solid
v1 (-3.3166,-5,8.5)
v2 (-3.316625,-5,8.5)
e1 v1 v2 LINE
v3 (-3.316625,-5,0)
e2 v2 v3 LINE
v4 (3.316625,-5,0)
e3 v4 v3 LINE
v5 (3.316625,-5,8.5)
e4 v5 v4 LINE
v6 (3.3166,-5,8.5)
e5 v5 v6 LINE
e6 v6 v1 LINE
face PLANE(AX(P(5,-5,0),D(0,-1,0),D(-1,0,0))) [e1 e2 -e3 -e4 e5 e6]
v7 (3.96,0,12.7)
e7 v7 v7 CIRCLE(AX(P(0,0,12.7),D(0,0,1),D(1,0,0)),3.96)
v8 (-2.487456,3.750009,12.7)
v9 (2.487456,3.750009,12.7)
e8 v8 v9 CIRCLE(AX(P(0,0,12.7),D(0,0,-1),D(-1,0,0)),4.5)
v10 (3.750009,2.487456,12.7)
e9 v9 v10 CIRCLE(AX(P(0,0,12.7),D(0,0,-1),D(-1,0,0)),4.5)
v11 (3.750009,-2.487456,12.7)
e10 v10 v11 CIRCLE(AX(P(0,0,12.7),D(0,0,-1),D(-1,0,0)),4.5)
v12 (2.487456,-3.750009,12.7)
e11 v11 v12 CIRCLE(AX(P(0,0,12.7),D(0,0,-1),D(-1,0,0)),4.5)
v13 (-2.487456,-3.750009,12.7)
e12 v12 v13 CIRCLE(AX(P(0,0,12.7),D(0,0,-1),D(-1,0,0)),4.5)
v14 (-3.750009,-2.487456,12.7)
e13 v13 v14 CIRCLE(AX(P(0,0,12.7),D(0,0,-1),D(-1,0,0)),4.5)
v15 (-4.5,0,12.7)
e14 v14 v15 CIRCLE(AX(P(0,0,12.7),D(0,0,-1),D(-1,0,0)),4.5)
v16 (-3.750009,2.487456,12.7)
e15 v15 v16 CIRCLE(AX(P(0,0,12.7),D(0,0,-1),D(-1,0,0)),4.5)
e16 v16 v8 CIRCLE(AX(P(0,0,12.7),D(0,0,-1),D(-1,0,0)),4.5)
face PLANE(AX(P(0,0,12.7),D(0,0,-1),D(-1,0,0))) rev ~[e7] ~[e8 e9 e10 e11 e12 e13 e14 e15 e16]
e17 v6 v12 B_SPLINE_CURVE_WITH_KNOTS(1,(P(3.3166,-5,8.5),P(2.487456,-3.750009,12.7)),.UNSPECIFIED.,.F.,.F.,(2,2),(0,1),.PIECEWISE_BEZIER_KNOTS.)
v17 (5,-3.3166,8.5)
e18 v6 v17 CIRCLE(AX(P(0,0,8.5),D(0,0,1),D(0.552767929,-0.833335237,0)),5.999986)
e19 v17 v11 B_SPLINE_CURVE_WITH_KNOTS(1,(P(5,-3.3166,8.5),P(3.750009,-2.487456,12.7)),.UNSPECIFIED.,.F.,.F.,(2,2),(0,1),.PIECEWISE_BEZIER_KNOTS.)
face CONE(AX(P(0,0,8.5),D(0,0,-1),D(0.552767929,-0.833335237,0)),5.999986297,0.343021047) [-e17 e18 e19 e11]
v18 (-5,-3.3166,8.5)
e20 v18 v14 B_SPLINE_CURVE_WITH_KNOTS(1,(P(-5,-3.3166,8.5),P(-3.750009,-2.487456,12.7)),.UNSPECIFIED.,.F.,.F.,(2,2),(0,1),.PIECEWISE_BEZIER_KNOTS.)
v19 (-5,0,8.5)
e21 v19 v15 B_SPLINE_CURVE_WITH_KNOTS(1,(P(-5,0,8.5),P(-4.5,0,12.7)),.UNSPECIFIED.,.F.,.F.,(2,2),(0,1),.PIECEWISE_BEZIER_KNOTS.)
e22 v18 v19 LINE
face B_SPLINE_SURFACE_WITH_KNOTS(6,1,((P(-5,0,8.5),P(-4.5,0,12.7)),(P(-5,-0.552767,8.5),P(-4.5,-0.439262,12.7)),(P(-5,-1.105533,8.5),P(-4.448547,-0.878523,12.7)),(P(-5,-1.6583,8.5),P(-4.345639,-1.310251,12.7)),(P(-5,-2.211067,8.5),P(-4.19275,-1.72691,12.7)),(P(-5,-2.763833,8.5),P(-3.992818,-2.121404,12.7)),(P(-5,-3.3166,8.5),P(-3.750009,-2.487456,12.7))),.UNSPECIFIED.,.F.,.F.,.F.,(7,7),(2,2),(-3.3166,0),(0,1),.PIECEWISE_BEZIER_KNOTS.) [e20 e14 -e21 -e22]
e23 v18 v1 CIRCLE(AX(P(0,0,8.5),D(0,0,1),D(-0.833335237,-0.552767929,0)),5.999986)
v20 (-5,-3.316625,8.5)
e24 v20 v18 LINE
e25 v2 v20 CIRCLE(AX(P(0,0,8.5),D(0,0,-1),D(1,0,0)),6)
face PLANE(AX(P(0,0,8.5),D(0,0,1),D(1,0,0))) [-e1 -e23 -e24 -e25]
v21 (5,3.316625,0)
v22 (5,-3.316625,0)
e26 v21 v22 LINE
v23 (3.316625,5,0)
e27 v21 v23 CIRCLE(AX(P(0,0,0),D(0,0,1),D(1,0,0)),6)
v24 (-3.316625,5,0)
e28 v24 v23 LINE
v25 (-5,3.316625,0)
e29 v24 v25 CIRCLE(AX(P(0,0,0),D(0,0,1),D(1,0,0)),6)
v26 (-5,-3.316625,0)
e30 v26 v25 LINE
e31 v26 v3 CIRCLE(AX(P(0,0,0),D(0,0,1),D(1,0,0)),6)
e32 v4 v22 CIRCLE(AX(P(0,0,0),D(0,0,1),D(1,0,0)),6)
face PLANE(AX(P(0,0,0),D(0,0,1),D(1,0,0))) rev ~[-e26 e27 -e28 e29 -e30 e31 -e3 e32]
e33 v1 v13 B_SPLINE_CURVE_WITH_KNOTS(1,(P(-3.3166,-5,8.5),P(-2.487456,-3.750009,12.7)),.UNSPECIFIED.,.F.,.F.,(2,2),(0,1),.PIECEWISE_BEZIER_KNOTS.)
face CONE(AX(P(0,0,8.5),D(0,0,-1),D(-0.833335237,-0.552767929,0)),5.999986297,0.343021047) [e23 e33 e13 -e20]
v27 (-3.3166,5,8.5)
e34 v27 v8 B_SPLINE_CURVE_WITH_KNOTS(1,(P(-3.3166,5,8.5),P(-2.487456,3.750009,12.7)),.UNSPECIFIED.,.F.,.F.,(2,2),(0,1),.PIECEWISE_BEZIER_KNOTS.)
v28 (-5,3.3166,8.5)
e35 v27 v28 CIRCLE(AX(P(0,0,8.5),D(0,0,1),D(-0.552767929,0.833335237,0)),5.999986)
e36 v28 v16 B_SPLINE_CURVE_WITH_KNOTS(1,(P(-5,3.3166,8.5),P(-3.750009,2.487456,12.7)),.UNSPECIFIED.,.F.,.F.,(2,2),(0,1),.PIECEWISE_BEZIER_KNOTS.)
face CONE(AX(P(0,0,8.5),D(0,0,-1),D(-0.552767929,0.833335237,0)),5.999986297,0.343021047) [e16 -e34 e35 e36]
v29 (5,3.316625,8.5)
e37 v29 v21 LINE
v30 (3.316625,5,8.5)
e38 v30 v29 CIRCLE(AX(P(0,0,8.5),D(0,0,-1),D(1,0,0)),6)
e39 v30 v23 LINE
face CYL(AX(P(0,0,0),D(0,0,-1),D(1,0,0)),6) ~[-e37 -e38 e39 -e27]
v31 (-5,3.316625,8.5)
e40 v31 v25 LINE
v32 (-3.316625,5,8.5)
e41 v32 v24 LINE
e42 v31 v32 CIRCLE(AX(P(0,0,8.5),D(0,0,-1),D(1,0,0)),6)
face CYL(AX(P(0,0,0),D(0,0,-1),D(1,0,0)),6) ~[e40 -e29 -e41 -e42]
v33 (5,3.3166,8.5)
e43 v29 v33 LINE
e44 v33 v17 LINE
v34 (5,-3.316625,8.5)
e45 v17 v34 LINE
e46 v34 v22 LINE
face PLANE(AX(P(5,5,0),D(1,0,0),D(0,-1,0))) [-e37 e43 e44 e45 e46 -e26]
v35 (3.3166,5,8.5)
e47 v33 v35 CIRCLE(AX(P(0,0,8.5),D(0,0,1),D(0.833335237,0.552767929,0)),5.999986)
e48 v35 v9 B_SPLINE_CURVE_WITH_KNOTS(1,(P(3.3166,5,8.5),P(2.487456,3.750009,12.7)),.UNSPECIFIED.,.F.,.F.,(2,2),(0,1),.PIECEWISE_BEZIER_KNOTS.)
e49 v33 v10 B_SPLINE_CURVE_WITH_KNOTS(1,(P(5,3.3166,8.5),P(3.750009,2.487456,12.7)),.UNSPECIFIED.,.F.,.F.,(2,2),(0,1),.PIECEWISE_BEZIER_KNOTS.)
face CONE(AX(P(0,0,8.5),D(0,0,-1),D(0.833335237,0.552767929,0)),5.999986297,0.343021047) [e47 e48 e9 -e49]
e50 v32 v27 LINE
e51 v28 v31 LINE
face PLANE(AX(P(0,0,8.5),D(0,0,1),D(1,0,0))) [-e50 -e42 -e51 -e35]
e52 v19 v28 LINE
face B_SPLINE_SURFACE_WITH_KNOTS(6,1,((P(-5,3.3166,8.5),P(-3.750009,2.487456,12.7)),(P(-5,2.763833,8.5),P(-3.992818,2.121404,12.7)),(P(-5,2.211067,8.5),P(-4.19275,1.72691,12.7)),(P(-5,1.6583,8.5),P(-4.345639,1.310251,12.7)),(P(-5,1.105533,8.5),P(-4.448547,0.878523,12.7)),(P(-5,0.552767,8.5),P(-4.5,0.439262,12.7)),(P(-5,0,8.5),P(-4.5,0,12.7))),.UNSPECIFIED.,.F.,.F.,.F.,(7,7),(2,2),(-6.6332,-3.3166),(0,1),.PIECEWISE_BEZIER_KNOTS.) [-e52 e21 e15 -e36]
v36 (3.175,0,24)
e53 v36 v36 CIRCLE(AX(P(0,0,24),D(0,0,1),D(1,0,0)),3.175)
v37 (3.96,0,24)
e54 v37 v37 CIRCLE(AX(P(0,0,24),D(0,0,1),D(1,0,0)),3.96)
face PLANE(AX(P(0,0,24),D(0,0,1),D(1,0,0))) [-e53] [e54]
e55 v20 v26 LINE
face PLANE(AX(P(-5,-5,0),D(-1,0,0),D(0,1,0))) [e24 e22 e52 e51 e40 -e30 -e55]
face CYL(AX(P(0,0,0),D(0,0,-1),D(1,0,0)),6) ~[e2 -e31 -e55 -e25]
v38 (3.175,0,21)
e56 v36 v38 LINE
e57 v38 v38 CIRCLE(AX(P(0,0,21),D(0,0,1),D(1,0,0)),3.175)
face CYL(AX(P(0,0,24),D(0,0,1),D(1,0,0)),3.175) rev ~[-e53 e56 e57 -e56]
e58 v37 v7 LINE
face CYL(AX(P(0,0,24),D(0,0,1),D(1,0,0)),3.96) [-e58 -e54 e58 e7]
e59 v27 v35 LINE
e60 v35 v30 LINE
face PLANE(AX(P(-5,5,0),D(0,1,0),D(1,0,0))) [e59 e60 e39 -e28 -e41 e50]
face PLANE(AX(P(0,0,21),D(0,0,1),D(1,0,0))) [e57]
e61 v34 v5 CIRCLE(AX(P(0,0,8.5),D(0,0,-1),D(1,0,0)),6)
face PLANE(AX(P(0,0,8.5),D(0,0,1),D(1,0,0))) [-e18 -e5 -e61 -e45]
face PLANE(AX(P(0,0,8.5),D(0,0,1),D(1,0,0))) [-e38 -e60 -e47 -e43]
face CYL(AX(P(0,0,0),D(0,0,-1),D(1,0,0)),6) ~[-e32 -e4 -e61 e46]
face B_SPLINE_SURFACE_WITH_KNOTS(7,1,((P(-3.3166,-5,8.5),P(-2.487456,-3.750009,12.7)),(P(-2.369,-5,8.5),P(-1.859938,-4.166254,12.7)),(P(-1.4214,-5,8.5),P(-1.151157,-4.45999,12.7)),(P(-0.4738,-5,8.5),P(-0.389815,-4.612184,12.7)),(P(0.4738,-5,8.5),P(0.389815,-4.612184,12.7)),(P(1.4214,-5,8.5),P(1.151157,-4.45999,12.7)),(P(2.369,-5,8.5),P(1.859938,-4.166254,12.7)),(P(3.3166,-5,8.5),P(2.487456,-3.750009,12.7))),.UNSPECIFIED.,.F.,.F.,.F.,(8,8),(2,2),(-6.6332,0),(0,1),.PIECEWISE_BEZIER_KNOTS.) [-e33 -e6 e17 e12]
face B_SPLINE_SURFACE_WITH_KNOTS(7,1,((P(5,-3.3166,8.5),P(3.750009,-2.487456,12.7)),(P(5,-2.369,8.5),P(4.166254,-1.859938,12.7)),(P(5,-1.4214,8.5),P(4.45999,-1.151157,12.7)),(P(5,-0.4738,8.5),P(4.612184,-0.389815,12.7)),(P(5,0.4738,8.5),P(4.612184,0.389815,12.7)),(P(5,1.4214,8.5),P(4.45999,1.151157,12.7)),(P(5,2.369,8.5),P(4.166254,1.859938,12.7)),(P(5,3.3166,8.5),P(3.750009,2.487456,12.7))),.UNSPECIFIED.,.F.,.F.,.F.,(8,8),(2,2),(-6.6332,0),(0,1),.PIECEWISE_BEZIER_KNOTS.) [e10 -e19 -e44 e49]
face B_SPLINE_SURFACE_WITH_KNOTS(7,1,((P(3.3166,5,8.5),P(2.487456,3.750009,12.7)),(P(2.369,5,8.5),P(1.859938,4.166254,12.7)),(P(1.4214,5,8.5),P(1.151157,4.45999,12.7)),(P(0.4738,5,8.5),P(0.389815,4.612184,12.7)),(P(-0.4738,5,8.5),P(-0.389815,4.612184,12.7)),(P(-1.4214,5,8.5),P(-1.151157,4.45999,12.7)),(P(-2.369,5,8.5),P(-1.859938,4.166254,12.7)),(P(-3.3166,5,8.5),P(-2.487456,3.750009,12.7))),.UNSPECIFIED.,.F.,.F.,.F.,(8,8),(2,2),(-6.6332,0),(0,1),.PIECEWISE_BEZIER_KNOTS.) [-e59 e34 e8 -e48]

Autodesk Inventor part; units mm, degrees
ref_plane "YZ Plane" through (0, 0, 0) normal (1, 0, 0) x (0, 1, 0)
ref_plane "XZ Plane" through (0, 0, 0) normal (0, 1, 0) x (-1, 0, 0)
sketch "Sketch1" plane through (0, 0, 0) normal (0, 0, 1) x (1, 0, 0)
  circle A0 centre (0, 0) radius 6
  dimension "d0" = 12
extrude "Extrusion1" add sketch "Sketch1" along normal blind 24
sketch "Sketch2" plane through (0, 0, 0) normal (0, 0, -1) x (-1, 0, 0)
  line L0 (-5, -5) -> (5, -5)
  line L1 (5, -5) -> (5, 5)
  line L2 (5, 5) -> (-5, 5)
  line L3 (-5, 5) -> (-5, -5)
  line L4 (-5, -5) -> (5, 5) construction
  line L5 (5, -5) -> (-5, 5) construction
  circle A0 centre (0, 0) radius 7.723
  dimension "d3" = 10
  dimension "d4" = 10
extrude "Extrusion2" cut sketch "Sketch2" against normal blind 8.5
sketch "Sketch3" plane through (0, 0, 24) normal (0, 0, 1) x (1, 0, 0)
  circle A0 centre (0, 0) radius 3.175
  dimension "d7" = 6.35
extrude "Extrusion3" cut sketch "Sketch3" against normal blind 3
ref_plane "Work Plane1" through (0, 0, 12.7) normal (0, 0, -1) x (-1, 0, 0)
sketch "Sketch5" plane through (0, 0, 24) normal (0, 0, 1) x (1, 0, 0)
  circle A0 centre (0, 0) radius 3.96
  circle A1 centre (0, 0) radius 11.6408
  dimension "d14" = 7.92
extrude "Extrusion4" cut sketch "Sketch5" against normal up to surface (15.5 mm away)
sketch "Sketch6" plane through (-3.3166, 5, 8.5) normal (0, 0, 1) x (1, 0, 0)
  line L0 (8.3166, -1.6834) -> (8.3166, -8.3166) projected
  arc A0 (8.3166, -1.6834) -> (6.6332, 0) centre (3.3166, -5) ccw projected
  line L1 (0, 0) -> (6.6332, 0) projected
  arc A1 (0, 0) -> (-1.6834, -1.6834) centre (3.3166, -5) ccw projected
  line L2 (-1.6834, -8.3166) -> (-1.6834, -1.6834) projected
  arc A2 (-1.6834, -8.3166) -> (0, -10) centre (3.3166, -5) ccw projected
  line L3 (6.6332, -10) -> (0, -10) projected
  arc A3 (6.6332, -10) -> (8.3166, -8.3166) centre (3.3166, -5) ccw projected
  circle A4 centre (3.3166, -5) radius 3.96 construction
sketch "Sketch7" plane through (0, 0, 12.7) normal (0, 0, -1) x (-1, 0, 0)
  circle A0 centre (0, 0) radius 3.96 construction
  circle A1 centre (0, 0) radius 3.175 construction
  circle A2 centre (0, 0) radius 4.5
  dimension "d18" = 9
loft "Loft1" add profiles "Sketch6", "Sketch7"
properties part number "J0_Post"
